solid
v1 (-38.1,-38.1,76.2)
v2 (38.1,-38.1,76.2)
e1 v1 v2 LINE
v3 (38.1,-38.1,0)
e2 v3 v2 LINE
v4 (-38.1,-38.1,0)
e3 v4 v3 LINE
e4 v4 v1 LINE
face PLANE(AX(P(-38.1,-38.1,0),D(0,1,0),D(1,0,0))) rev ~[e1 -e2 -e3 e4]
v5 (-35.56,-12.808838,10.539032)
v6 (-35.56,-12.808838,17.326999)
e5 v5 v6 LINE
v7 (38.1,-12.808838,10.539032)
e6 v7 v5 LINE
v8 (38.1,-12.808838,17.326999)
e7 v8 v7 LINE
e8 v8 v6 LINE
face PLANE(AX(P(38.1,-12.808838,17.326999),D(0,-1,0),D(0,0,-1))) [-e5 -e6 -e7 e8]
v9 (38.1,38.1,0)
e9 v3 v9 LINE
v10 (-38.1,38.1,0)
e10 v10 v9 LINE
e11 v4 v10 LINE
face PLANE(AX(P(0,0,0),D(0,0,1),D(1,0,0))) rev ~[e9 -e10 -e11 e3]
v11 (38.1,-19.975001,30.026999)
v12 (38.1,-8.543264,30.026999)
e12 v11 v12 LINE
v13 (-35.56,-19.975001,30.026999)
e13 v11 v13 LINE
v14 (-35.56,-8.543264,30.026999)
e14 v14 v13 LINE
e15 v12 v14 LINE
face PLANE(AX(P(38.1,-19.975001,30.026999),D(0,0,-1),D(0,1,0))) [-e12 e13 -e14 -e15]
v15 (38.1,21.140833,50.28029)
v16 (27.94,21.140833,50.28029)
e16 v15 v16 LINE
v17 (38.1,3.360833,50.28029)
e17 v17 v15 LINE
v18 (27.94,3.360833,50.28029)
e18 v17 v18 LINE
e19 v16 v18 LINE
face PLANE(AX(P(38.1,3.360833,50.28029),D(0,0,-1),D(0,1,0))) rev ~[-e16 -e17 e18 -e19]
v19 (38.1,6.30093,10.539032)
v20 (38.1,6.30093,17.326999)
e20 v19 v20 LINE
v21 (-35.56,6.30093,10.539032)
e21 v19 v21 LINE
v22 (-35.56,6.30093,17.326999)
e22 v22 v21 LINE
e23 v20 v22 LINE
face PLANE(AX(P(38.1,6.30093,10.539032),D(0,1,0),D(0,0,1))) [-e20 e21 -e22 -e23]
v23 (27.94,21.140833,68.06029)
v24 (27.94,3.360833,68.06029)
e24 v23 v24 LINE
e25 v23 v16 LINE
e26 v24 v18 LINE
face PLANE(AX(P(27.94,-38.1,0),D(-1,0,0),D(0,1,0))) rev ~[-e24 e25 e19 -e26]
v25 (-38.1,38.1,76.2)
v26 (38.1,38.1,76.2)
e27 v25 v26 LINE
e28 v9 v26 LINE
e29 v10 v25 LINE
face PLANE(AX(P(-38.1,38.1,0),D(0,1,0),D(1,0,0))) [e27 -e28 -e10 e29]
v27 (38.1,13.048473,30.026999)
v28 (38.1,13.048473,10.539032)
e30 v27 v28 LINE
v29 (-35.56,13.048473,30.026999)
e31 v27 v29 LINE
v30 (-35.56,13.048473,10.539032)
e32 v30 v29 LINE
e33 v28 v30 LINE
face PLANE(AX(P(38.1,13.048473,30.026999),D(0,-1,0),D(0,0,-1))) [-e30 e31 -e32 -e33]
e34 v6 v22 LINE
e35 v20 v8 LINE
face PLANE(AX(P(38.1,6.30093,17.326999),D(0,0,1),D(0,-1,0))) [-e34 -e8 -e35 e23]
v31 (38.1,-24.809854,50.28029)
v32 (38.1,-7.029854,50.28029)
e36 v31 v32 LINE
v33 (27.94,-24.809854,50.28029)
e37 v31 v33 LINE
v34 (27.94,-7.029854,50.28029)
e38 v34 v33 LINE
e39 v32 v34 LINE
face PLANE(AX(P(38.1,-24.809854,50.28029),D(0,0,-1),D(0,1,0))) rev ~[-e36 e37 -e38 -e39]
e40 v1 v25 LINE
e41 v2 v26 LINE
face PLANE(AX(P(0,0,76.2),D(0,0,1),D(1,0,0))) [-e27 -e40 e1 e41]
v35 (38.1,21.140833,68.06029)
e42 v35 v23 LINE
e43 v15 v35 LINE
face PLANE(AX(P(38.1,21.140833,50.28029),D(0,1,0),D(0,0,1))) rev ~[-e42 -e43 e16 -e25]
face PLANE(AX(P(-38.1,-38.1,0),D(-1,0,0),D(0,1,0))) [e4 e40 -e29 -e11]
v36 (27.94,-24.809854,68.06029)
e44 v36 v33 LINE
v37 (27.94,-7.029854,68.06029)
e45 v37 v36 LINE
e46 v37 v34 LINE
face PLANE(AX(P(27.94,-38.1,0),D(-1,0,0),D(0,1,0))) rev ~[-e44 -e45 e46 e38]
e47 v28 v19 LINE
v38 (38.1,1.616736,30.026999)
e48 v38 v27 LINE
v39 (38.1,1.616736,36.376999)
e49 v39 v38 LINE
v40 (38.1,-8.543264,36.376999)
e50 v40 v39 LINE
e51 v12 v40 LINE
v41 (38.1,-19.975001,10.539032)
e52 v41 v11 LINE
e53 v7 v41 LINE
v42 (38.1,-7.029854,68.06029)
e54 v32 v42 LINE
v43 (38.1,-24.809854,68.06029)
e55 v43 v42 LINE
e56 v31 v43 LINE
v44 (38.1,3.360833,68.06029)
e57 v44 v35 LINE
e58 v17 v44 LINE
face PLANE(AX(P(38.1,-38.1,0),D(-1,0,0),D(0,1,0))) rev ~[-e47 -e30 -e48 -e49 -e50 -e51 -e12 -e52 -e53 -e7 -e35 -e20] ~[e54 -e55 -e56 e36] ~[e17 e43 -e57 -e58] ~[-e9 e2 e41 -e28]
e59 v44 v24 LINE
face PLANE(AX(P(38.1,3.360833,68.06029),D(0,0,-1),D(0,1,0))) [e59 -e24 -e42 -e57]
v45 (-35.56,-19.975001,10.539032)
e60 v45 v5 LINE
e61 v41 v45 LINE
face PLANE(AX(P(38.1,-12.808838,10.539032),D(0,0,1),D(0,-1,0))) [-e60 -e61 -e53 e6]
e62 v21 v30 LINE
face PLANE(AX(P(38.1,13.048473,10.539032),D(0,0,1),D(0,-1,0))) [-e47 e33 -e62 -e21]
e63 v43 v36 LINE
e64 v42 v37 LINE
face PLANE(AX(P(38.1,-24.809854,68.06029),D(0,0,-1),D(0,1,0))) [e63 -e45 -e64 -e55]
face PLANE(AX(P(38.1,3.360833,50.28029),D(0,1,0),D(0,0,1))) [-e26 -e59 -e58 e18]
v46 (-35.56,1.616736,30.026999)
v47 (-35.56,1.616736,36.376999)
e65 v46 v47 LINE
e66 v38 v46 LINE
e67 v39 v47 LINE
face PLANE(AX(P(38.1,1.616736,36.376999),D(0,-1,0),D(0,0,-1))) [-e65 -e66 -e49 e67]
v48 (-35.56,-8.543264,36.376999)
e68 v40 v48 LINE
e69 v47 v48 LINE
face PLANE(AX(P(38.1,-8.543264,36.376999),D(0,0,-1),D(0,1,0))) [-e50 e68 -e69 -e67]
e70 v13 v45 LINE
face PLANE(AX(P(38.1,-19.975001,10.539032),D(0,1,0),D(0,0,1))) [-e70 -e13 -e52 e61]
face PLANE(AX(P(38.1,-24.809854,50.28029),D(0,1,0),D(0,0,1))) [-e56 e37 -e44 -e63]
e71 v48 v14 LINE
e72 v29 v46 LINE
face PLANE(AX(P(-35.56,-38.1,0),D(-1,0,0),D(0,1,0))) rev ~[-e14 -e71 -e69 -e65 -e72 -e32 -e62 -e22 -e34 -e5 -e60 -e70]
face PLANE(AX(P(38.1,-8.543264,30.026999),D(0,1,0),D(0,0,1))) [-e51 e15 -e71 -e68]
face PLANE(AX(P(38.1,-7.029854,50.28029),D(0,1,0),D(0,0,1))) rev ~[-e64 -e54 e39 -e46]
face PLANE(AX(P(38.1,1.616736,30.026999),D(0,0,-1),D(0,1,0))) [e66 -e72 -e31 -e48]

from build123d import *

# Parameters (mm, degrees)
F0_W     = 76.2
F0_H     = 76.2
F1_DEPTH = 76.2
F3_T     = -2.54
F2_W     = 76.2
F2_H     = 76.2
F2_W_2   = 17.78
F2_H_2   = 17.78
F4_DEPTH = 76.2
F5_DEPTH = 63.5


with BuildPart() as f1:
    # F0 (on Top) → F1 (new body)
    with BuildSketch(Plane.XY):
        Rectangle(F0_W, F0_H)
    extrude(amount=F1_DEPTH)

    # F3
    f3_openings = [f1.faces().sort_by_distance(p)[0] for p in [
        (38.1, 0, 38.1),
    ]]
    offset(amount=F3_T, openings=f3_openings)

    # F2 (on face) → F4 (join)
    with BuildSketch(Plane.YZ.offset(38.1)):
        with Locations((0, 38.1)):
            Rectangle(F2_W, F2_H)
        Polygon((-8.5432641208, 30.0269989133), (-8.5432641208, 36.3769989133), (1.6167358792, 36.3769989133), (1.6167358792, 30.0269989133), (13.0484727508, 30.0269989133), (13.0484727508, 23.6769989133), (13.0484727508, 17.3269989133), (13.0484727508, 10.5390315875), (6.3009303994, 10.5390315875), (6.3009303994, 17.3269989133), (-12.8088379279, 17.3269989133), (-12.8088379279, 10.5390315875), (-19.9750009924, 10.5390315875), (-19.9750009924, 17.3269989133), (-19.9750009924, 23.6769989133), (-19.9750009924, 30.0269989133), align=None, mode=Mode.SUBTRACT)
        with Locations((-15.9198542664, 59.1702901899)):
            Rectangle(F2_W_2, F2_H_2, mode=Mode.SUBTRACT)
        with Locations((12.2508332058, 59.1702901899)):
            Rectangle(F2_W_2, F2_H_2, mode=Mode.SUBTRACT)
    extrude(amount=-F4_DEPTH)

    # F5 (add): faces of the model
    f5_faces = [f1.faces().sort_by_distance(p)[0] for p in [
        (-35.56, -15.9198542664, 59.1702901899),
        (-35.56, 12.2508332058, 59.1702901899),
    ]]
    extrude(f5_faces, amount=F5_DEPTH)


solid = f1.part
